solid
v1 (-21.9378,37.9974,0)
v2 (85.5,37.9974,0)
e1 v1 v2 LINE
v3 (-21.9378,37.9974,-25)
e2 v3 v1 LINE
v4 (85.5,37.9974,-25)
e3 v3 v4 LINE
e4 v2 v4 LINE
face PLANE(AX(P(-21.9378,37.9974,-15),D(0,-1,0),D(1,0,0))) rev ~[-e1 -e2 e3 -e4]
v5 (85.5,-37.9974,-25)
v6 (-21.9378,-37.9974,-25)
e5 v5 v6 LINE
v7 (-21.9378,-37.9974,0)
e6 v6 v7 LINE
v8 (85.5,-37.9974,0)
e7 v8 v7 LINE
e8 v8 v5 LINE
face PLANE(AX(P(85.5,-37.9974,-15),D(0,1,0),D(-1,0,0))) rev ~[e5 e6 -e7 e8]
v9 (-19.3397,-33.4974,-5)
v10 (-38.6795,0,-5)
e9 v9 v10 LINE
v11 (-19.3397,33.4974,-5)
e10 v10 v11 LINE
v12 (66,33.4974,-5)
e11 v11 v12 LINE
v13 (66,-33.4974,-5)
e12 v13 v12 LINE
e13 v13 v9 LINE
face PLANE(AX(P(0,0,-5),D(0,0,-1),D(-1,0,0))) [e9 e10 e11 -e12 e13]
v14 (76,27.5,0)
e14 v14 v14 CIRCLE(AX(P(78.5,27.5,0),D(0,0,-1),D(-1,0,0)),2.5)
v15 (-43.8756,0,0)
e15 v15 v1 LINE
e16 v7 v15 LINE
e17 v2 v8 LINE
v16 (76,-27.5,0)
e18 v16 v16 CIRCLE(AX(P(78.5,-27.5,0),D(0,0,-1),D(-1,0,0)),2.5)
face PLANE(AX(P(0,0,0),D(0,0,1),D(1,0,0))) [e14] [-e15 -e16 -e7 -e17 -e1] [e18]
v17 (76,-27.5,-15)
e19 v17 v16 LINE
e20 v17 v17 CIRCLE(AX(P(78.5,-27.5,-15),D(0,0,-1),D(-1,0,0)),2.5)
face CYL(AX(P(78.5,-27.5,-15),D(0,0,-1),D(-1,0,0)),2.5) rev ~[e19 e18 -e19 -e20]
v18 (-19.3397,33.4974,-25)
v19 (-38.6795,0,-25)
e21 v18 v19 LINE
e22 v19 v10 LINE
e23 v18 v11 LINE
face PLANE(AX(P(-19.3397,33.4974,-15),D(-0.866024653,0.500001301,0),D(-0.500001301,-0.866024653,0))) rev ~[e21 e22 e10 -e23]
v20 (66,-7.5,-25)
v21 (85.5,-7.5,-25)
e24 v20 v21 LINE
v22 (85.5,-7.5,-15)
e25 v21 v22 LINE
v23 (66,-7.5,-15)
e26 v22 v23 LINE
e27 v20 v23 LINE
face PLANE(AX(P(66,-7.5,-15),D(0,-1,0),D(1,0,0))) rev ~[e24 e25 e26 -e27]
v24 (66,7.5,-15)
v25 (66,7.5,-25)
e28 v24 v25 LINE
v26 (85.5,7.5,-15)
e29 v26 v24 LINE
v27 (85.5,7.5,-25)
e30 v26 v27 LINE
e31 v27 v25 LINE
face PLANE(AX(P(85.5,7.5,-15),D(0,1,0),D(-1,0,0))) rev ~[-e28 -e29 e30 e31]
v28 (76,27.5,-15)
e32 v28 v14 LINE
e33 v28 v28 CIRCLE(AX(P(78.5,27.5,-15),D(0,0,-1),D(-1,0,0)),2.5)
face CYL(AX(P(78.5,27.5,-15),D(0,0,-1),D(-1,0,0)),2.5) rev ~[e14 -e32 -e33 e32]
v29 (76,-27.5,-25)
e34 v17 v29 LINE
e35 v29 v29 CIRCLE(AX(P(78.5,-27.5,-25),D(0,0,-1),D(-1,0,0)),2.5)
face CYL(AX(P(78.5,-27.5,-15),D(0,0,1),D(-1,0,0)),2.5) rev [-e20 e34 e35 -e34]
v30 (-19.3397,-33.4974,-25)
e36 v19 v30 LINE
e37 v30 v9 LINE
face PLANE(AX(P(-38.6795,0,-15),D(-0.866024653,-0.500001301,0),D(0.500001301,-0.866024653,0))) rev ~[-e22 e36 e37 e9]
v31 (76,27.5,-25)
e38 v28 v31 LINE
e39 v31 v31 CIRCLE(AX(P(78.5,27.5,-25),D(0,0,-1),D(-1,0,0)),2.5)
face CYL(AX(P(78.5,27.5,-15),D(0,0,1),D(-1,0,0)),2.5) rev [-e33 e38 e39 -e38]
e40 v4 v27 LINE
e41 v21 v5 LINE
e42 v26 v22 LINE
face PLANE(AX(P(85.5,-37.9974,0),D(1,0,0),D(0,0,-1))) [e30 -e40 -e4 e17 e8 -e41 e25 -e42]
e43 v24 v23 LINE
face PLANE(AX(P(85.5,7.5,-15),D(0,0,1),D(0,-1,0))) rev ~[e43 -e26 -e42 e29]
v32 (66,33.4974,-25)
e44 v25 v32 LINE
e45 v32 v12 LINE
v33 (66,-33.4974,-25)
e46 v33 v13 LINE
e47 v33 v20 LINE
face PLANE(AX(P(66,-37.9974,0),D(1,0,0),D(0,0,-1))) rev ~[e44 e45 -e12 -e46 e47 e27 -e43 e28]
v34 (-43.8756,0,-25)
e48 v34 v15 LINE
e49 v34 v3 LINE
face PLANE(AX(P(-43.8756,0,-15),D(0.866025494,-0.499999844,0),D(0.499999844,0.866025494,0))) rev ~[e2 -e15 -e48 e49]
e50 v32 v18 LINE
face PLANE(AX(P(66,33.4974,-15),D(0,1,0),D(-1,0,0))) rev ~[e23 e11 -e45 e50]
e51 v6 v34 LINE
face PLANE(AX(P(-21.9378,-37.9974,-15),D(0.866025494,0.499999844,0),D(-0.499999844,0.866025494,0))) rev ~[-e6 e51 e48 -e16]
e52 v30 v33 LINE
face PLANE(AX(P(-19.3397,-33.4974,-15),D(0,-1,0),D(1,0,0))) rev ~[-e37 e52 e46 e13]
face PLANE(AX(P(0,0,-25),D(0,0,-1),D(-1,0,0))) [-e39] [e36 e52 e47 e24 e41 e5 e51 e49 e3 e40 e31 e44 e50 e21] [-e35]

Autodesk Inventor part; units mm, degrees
ref_plane "YZ Plane" through (0, 0, 0) normal (1, 0, 0) x (0, 1, 0)
ref_plane "XZ Plane" through (0, 0, 0) normal (0, 1, 0) x (-1, 0, 0)
ref_plane "XY Plane" through (0, 0, 0) normal (0, 0, 1) x (1, 0, 0)
sketch "Sketch1" plane through (0, 0, 0) normal (0, 0, 1) x (1, 0, 0)
  line L0 (-56, 0) -> (-28, 48.4974)
  line L1 (-28, 48.4974) -> (28, 48.4974)
  line L2 (28, 48.4974) -> (56, 0)
  line L3 (56, 0) -> (28, -48.4974)
  line L4 (28, -48.4974) -> (-28, -48.4974)
  line L5 (-28, -48.4974) -> (-56, 0)
  line L6 (28, 48.4974) -> (86, 48.4974)
  line L7 (86, 48.4974) -> (86, -48.4974)
  line L8 (86, -48.4974) -> (28, -48.4974)
  point P0 (0, 0)
  point P1 (0, 0)
  dimension "d0" = 112
  dimension "d1" = 30
extrude "Extrusion1" add sketch "Sketch1" along normal blind 5
sketch "Sketch2" plane through (0, 0, 0) normal (0, 0, -1) x (-1, 0, 0)
  line L0 (-86, 48.4974) -> (28, 48.4974) projected
  line L1 (28, 48.4974) -> (56, 0) projected
  line L2 (56, 0) -> (28, -48.4974) projected
  line L3 (28, -48.4974) -> (-86, -48.4974) projected
  line L4 (-86, 33.4974) -> (19.3397, 33.4974)
  line L5 (19.3397, 33.4974) -> (38.6795, 0)
  line L6 (38.6795, 0) -> (19.3397, -33.4974)
  line L7 (19.3397, -33.4974) -> (-86, -33.4974)
  line L8 (-86, -48.4974) -> (-86, 48.4974) projected
  line L9 (-86, -48.4974) -> (-86, 48.4974) projected
  line L10 (-86, 48.4974) -> (-66, 48.4974)
  line L11 (-66, 48.4974) -> (-66, -48.4974)
  line L12 (-66, -48.4974) -> (-86, -48.4974)
  line L13 (-86, -48.4974) -> (-86, 48.4974)
  line L14 (-86, 48.4974) -> (-86, 33.4974)
  line L15 (-86, -33.4974) -> (-86, -48.4974)
  point P0 (0, 0)
  dimension "d4" = 15
  dimension "d5" = 20
extrude "Extrusion2" add sketch "Sketch2" along normal blind 15 contours L0 L11 L4 L8 | L0 L1 L2 L3 L11 L7 L6 L5 L4 | L4 L11 L7 L8 | L7 L11 L3 L8
sketch "Sketch3" plane through (0, 0, 5) normal (0, 0, 1) x (1, 0, 0)
  line L0 (86, 48.4974) -> (-28, 48.4974) projected
  line L1 (-28, 48.4974) -> (-56, 0) projected
  line L2 (-56, 0) -> (-28, -48.4974) projected
  line L3 (-28, -48.4974) -> (86, -48.4974) projected
  line L4 (86, -48.4974) -> (86, 48.4974) projected
  line L5 (76, -38.4974) -> (-22.2265, -38.4974)
  line L6 (-22.2265, -38.4974) -> (-44.453, 0)
  line L7 (-44.453, 0) -> (-22.2265, 38.4974)
  line L8 (-22.2265, 38.4974) -> (76, 38.4974)
  line L9 (76, 38.4974) -> (76, -38.4974)
  point P0 (0, 0)
  dimension "d8" = 10
extrude "Extrusion3" cut sketch "Sketch3" against normal through all
sketch "Sketch4" plane through (0, 0, 0) normal (0, 0, -1) x (-1, 0, 0)
  line L0 (-76, -38.4974) -> (-86, -38.4974)
  line L1 (-86, -38.4974) -> (-86, 38.4974)
  line L2 (-86, 38.4974) -> (-76, 38.4974)
  line L3 (-76, 38.4974) -> (-76, -38.4974)
  point P0 (0, 0)
  dimension "d11" = 10
extrude "Extrusion4" add sketch "Sketch4" along normal blind 15 and the other way blind 5
sketch "Sketch5" plane through (0, 0, 0) normal (0, 0, -1) x (-1, 0, 0)
  line L0 (-66, 33.4974) -> (-66, -33.4974) projected
  line L1 (-66, -33.4974) -> (19.3397, -33.4974) projected
  line L2 (19.3397, -33.4974) -> (38.6795, 0) projected
  line L3 (38.6795, 0) -> (19.3397, 33.4974) projected
  line L4 (19.3397, 33.4974) -> (-66, 33.4974) projected
  point P0 (0, 0)
extrude "Extrusion5" add sketch "Sketch5" along normal blind 5
sketch "Sketch7" plane through (0, 0, 5) normal (0, 0, 1) x (1, 0, 0)
  line L0 (86, 38.4974) -> (-22.2265, 38.4974) projected
  line L1 (-22.2265, 38.4974) -> (-44.453, 0) projected
  line L2 (-44.453, 0) -> (-22.2265, -38.4974) projected
  line L3 (-22.2265, -38.4974) -> (86, -38.4974) projected
  line L4 (86, -38.4974) -> (86, 38.4974) projected
  point P0 (0, 0)
extrude "Extrusion6" cut sketch "Sketch7" against normal blind 5
sketch "Sketch8" plane through (66, -33.4974, -15) normal (-1, 0, 0) x (0, 0, 1)
  line L0 (10, 0) -> (10, 66.9948) projected
  line L1 (0, 66.9948) -> (10, 66.9948) projected
  line L2 (0, 0) -> (0, 66.9948) projected
  line L3 (10, 0) -> (0, 0) projected
  line L4 (0, 71.9948) -> (0, -5) projected
  line L5 (0, 25.9974) -> (10, 25.9974)
  line L6 (10, 25.9974) -> (10, 40.9974)
  line L7 (10, 40.9974) -> (0, 40.9974)
  line L8 (0, 40.9974) -> (0, 25.9974)
  point P0 (15, 33.4974)
  point P1 (10, 33.4974)
  dimension "d20" = 15
extrude "Extrusion7" cut sketch "Sketch8" against normal through all contours L5 L2 L7 L0
sketch "Sketch9" plane through (0, 0, -15) normal (0, 0, -1) x (-1, 0, 0)
  line L0 (-86, -7.5) -> (-86, 7.5) construction
  line L1 (-66, -7.5) -> (-86, -7.5) construction
  line L2 (-78.5, -27.5) -> (-78.5, 27.5) construction
  circle A0 centre (-78.5, -27.5) radius 2.5
  circle A1 centre (-78.5, 27.5) radius 2.5
  point P0 (0, 0)
  point P1 (-78.5, 0)
  point P2 (-86, 0)
  dimension "d23" = 55
  dimension "d24" = 5
  dimension "d25" = 5
  dimension "d32" = 7.5
extrude "Extrusion8" cut sketch "Sketch9" against normal through all
sketch "Sketch10" plane through (0, 0, 0) normal (0, 0, 1) x (1, 0, 0)
  circle A0 centre (78.5, -27.5) radius 2.5 projected
  circle A1 centre (78.5, 27.5) radius 2.5 projected
  line L0 (-22.2265, 38.4974) -> (86, 38.4974) projected
  line L1 (-44.453, 0) -> (-22.2265, 38.4974) projected
  line L2 (-22.2265, -38.4974) -> (-44.453, 0) projected
  line L3 (86, -38.4974) -> (-22.2265, -38.4974) projected
  line L4 (86, 38.4974) -> (86, -38.4974) projected
  line L5 (-43.8756, 0) -> (-21.9378, 37.9974)
  line L6 (-21.9378, 37.9974) -> (85.5, 37.9974)
  line L7 (85.5, 37.9974) -> (85.5, -37.9974)
  line L8 (85.5, -37.9974) -> (-21.9378, -37.9974)
  line L9 (-21.9378, -37.9974) -> (-43.8756, 0)
  point P0 (0, 0)
  dimension "d29" = 0.5
extrude "Extrusion9" cut sketch "Sketch10" against normal through all contours L0 L4 L3 L2 L1
sketch "Sketch12" plane through (0, 0, -15) normal (0, 0, -1) x (-1, 0, 0)
  line L0 (-85.5, 37.9974) -> (-85.5, 7.5) projected
  line L1 (-85.5, 7.5) -> (-66, 7.5) projected
  line L2 (-66, 7.5) -> (-66, 33.4974) projected
  line L3 (-66, 33.4974) -> (19.3397, 33.4974) projected
  line L4 (19.3397, 33.4974) -> (38.6795, 0) projected
  line L5 (38.6795, 0) -> (19.3397, -33.4974) projected
  line L6 (19.3397, -33.4974) -> (-66, -33.4974) projected
  line L7 (-66, -33.4974) -> (-66, -7.5) projected
  line L8 (-66, -7.5) -> (-85.5, -7.5) projected
  line L9 (-85.5, -7.5) -> (-85.5, -37.9974) projected
  line L10 (-85.5, -37.9974) -> (21.9378, -37.9974) projected
  line L11 (21.9378, -37.9974) -> (43.8756, 0) projected
  line L12 (43.8756, 0) -> (21.9378, 37.9974) projected
  line L13 (21.9378, 37.9974) -> (-85.5, 37.9974) projected
  circle A0 centre (-78.5, -27.5) radius 2.5 projected
  circle A1 centre (-78.5, 27.5) radius 2.5 projected
  point P0 (0, 0)
extrude "Extrusion11" add sketch "Sketch12" along normal blind 10
sketch "Sketch13" plane through (85.5, -37.9974, 0) normal (1, 0, 0) x (0, 0, -1)
  line L0 (5, 45.4974) -> (5, 30.4974) projected
  line L1 (25, 45.4974) -> (5, 45.4974) projected
  line L2 (5, 45.4974) -> (15, 45.4974)
  line L3 (15, 45.4974) -> (15, 30.4974)
  line L4 (15, 30.4974) -> (5, 30.4974)
  line L5 (5, 30.4974) -> (5, 45.4974)
  line L6 (5, 30.4974) -> (25, 30.4974) projected
  point P0 (0, 37.9974)
  dimension "d39" = 10
extrude "Extrusion12" add sketch "Sketch13" against normal blind 19.5
properties part number "TARM05" material "ABS Plastic"
